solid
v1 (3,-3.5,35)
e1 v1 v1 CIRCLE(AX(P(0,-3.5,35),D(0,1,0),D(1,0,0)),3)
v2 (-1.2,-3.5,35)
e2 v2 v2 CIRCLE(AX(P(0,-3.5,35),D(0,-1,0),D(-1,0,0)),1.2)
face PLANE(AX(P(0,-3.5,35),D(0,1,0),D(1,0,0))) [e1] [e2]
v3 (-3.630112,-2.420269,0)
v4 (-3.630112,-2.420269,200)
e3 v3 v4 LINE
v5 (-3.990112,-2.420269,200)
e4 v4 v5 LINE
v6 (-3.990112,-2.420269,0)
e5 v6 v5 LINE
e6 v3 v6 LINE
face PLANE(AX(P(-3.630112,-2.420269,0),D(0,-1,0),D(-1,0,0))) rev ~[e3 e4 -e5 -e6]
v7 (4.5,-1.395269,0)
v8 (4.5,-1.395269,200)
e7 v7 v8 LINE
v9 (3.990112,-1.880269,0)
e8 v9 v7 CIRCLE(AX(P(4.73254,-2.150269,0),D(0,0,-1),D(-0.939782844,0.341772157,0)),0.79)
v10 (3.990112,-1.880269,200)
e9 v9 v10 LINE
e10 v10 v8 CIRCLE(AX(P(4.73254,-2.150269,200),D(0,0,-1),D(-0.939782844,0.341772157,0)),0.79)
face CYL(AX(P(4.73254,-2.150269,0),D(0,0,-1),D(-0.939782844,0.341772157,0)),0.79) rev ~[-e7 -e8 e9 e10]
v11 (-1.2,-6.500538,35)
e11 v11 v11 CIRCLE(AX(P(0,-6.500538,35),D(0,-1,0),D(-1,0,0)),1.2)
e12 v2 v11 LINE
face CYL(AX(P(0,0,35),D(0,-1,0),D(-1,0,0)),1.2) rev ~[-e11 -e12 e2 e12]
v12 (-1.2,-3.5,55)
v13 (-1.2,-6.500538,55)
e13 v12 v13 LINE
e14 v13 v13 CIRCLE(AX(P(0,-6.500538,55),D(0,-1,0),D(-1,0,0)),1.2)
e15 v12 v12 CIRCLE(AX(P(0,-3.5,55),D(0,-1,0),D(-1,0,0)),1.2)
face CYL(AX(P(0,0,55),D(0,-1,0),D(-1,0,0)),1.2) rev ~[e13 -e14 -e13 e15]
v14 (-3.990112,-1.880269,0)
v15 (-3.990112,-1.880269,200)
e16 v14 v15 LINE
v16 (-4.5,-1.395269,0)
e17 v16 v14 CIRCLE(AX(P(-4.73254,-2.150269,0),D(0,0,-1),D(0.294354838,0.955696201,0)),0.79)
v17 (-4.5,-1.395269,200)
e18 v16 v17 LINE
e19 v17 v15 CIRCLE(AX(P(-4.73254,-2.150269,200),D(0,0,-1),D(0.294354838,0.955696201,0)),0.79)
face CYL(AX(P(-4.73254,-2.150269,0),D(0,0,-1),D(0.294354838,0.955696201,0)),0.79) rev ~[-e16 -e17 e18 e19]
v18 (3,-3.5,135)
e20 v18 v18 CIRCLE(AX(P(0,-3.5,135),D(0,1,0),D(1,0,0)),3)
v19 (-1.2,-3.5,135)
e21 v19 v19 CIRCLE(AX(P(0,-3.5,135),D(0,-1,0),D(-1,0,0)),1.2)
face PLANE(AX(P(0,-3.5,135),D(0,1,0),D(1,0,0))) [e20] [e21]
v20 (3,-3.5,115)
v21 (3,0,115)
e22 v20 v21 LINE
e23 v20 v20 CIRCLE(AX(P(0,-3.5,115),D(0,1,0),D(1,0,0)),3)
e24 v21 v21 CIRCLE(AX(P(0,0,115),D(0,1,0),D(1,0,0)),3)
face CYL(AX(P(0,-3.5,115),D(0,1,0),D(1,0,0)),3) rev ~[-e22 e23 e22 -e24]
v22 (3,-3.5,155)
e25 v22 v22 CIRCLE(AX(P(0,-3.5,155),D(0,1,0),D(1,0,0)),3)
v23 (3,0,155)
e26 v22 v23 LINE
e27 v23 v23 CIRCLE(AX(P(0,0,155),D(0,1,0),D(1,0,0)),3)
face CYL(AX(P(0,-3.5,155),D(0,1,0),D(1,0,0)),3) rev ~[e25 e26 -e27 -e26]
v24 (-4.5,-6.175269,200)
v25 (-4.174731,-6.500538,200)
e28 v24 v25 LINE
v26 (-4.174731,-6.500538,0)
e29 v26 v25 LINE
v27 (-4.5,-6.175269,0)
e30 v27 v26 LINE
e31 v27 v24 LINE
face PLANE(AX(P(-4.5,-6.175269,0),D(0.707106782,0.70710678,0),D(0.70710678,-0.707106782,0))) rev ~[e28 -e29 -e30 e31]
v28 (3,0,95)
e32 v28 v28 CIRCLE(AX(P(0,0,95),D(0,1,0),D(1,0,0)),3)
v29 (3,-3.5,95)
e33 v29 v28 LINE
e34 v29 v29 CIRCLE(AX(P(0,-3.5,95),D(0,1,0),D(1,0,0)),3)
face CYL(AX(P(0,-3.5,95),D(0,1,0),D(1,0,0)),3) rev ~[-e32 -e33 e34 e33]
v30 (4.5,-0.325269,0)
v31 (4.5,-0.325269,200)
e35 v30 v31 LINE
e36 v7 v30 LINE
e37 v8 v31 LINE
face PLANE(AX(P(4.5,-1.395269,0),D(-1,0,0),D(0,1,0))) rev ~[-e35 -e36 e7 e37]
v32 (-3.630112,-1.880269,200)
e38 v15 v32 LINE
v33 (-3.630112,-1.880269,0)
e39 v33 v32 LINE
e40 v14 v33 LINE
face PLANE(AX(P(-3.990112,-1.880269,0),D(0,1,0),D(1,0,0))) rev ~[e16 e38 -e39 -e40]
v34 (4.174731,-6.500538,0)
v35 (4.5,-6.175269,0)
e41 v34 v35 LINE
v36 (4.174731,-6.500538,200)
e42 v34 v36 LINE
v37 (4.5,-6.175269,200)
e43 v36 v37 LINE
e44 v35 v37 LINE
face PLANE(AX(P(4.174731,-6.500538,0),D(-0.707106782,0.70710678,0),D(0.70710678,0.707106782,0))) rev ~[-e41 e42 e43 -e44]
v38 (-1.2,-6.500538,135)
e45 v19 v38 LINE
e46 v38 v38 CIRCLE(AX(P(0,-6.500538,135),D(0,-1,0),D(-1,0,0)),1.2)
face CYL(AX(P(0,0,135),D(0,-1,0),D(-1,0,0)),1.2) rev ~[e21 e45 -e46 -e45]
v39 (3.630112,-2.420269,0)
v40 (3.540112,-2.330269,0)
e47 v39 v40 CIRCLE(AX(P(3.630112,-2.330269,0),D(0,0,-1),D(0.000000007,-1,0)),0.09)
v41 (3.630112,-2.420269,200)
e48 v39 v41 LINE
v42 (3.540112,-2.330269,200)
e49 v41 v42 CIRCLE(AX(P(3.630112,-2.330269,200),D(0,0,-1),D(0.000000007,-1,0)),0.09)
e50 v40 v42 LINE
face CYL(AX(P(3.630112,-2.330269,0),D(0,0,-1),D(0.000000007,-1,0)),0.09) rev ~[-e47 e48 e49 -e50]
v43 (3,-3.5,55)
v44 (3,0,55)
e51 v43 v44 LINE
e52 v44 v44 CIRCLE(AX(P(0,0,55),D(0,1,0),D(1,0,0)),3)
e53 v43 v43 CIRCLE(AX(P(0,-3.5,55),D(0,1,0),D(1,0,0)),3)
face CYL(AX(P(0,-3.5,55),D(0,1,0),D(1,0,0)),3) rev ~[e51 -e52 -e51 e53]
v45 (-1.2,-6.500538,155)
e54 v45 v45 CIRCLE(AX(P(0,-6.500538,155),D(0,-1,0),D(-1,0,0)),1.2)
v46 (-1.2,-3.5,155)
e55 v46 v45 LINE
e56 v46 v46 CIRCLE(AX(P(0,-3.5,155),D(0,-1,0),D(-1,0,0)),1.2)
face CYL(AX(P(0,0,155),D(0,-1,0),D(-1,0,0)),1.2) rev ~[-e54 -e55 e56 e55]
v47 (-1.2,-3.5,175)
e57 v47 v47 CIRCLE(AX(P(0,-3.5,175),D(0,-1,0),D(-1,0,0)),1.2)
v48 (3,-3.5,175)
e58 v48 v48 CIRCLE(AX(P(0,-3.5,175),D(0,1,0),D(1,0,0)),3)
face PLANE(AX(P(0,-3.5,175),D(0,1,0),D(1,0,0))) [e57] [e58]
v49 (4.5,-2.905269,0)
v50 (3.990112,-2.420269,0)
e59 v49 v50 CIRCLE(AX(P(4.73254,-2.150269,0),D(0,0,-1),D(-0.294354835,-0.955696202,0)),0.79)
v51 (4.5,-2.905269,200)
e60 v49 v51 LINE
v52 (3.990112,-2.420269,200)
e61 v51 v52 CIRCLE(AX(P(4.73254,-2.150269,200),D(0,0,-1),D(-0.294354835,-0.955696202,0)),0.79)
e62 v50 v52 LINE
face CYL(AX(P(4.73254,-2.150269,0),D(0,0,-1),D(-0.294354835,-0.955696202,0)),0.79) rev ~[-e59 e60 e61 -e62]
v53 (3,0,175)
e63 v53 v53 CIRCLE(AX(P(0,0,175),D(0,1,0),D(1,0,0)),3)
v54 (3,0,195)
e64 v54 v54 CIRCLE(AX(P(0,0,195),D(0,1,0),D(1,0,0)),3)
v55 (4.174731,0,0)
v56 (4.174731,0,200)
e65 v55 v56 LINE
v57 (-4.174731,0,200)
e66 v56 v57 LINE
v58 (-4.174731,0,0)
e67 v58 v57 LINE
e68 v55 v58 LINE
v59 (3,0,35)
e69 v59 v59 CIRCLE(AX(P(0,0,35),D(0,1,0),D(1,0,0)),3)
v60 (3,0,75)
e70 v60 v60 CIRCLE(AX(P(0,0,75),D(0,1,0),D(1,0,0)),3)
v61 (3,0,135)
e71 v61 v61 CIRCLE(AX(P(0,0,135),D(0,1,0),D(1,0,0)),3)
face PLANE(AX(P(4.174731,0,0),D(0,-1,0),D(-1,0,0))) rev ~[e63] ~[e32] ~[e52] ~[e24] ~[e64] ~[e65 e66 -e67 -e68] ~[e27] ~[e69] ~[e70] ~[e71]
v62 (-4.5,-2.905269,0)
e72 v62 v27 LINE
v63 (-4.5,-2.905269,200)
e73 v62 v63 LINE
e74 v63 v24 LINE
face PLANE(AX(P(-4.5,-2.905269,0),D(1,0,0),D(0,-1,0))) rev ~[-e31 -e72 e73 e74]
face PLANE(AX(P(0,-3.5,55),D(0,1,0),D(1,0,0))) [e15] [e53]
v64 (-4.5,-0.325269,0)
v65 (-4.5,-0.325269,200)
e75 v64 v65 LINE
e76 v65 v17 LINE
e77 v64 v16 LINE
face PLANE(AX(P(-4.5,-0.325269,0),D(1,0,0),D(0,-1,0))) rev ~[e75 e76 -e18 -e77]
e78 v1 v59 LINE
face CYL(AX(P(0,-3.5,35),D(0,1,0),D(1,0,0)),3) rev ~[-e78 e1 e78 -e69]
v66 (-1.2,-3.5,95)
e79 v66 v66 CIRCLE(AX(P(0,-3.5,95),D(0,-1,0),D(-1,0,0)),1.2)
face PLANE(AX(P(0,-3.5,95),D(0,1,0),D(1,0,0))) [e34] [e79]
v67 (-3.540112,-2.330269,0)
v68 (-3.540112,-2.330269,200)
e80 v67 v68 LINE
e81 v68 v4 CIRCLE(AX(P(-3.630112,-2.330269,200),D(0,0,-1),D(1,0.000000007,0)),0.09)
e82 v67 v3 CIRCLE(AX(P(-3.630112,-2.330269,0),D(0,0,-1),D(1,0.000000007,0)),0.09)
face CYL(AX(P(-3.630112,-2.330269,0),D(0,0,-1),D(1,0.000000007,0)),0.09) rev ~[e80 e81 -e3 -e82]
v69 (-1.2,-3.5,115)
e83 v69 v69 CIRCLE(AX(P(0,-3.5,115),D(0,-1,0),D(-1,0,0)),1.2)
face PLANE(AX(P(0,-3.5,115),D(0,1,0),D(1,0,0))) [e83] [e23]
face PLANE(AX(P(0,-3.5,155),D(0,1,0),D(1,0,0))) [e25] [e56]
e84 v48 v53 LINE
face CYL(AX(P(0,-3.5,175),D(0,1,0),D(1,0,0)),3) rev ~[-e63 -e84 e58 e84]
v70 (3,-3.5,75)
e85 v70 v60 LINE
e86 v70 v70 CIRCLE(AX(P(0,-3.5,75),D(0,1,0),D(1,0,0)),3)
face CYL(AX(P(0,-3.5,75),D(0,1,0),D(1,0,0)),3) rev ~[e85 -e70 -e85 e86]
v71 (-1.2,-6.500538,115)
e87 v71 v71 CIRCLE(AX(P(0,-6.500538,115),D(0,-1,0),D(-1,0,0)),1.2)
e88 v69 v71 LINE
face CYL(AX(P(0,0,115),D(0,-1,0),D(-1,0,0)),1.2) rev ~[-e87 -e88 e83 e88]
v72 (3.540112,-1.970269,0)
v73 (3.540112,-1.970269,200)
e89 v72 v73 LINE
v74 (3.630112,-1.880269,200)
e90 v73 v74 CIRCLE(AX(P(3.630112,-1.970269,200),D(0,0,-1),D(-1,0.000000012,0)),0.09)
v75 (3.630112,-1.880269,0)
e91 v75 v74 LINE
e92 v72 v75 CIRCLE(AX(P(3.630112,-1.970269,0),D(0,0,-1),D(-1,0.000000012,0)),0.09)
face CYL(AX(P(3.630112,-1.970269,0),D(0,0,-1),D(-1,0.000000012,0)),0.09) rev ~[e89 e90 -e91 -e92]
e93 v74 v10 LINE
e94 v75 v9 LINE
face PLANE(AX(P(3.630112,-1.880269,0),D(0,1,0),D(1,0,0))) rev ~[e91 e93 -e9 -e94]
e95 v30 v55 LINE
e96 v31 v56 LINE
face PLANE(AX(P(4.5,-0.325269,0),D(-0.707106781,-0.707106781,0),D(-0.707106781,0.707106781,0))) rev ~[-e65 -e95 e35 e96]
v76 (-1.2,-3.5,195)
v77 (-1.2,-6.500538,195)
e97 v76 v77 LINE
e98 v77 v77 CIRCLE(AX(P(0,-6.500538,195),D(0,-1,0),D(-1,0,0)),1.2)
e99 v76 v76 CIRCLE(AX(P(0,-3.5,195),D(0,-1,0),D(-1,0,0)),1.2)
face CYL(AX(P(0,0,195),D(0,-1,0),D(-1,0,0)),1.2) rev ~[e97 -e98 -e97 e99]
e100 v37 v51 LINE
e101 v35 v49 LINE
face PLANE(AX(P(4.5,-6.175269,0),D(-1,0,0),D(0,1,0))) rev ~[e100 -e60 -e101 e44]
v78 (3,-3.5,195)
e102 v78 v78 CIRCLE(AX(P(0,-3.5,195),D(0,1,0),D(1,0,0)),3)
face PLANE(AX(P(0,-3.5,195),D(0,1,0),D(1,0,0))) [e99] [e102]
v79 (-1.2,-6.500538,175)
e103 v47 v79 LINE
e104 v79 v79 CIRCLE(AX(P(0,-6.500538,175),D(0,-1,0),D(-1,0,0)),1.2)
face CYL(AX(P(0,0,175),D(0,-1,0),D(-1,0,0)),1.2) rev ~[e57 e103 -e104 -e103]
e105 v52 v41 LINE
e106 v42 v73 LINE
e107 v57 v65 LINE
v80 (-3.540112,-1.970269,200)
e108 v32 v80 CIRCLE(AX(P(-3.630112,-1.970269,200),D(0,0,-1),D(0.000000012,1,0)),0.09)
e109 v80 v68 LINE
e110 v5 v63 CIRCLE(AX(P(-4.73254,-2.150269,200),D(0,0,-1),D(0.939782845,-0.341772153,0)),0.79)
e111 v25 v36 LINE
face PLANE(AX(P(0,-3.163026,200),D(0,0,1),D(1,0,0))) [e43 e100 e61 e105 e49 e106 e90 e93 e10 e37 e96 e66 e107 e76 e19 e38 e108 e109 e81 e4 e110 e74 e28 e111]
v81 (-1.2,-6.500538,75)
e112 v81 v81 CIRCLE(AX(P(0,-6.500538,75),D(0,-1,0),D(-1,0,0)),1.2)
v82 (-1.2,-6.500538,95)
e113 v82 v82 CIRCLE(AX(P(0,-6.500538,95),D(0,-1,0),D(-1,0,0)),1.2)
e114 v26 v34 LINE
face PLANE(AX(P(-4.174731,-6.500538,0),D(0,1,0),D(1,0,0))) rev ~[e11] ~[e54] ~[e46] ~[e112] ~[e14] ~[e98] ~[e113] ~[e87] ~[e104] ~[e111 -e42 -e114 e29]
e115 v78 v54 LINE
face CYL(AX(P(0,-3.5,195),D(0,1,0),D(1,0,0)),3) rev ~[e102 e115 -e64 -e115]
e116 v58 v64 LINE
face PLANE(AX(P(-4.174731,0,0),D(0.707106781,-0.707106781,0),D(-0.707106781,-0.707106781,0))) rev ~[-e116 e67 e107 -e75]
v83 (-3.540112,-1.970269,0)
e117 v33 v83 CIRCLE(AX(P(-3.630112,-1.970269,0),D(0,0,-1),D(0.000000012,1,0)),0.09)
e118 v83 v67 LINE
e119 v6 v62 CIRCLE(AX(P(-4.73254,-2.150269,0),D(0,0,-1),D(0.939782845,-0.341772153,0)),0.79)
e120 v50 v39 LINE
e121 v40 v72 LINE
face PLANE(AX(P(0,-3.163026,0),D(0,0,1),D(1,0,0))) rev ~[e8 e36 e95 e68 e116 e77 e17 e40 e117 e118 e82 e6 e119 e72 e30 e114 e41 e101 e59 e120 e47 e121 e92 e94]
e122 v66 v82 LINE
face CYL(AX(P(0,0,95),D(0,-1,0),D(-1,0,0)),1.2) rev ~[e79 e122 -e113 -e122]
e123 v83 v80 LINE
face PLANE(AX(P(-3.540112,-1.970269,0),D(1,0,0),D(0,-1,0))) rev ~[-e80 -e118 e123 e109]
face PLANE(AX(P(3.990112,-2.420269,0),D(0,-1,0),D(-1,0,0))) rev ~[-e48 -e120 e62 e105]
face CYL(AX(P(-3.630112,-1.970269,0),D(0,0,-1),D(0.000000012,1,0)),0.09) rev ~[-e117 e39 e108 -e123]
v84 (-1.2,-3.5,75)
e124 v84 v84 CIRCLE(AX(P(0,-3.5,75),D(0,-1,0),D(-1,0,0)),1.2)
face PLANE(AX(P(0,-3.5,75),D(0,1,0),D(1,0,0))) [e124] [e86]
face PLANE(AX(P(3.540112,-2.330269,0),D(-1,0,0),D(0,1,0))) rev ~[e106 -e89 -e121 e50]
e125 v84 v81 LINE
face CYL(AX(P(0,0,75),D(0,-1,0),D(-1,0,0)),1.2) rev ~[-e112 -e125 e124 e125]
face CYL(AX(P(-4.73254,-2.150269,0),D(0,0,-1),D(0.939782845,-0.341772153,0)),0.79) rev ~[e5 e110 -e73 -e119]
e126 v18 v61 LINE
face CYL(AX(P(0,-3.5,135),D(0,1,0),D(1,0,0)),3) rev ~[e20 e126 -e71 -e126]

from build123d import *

# Parameters (mm, degrees)
EXTRUDE_1_DEPTH              = 200
HOLE_WIZARD_M2_1_D           = 2.4
HOLE_WIZARD_M2_1_CBORE_D     = 6
HOLE_WIZARD_M2_1_CBORE_DEPTH = 3.5
PATTERN_LINEAR_1_COUNT       = 9
PATTERN_LINEAR_1_PITCH       = 20


with BuildPart() as part:
    # 草图1 → 凸台-拉伸1 (new body)
    with BuildSketch(Plane.XY):
        with BuildLine():
            Line((-4.5, -2.905269119), (-4.5, -6.175269119))
            Line((-4.5, -6.175269119), (-4.174730881, -6.500538239))
            Line((-4.174730881, -6.500538239), (0, -6.500538239))
            Line((0, -6.500538239), (4.174730881, -6.500538239))
            Line((4.174730881, -6.500538239), (4.5, -6.175269119))
            Line((4.5, -6.175269119), (4.5, -2.905269119))
            ThreePointArc((4.5, -2.905269119), (4.188070601, -2.722678698), (3.990111871, -2.420269119))
            Line((3.990111871, -2.420269119), (3.630111871, -2.420269119))
            ThreePointArc((3.630111871, -2.420269119), (3.566472261, -2.39390873), (3.540111871, -2.330269119))
            Line((3.540111871, -2.330269119), (3.540111871, -1.970269119))
            ThreePointArc((3.540111871, -1.970269119), (3.566472261, -1.906629509), (3.630111871, -1.880269119))
            Line((3.630111871, -1.880269119), (3.990111871, -1.880269119))
            ThreePointArc((3.990111871, -1.880269119), (4.188070601, -1.577859541), (4.5, -1.395269119))
            Line((4.5, -1.395269119), (4.5, -0.325269119))
            Line((4.5, -0.325269119), (4.174730881, 0))
            Line((4.174730881, 0), (0, 0))
            Line((0, 0), (-4.174730881, 0))
            Line((-4.174730881, 0), (-4.5, -0.325269119))
            Line((-4.5, -0.325269119), (-4.5, -1.395269119))
            ThreePointArc((-4.5, -1.395269119), (-4.188070601, -1.577859541), (-3.990111871, -1.880269119))
            Line((-3.990111871, -1.880269119), (-3.630111871, -1.880269119))
            ThreePointArc((-3.630111871, -1.880269119), (-3.566472261, -1.906629509), (-3.540111871, -1.970269119))
            Line((-3.540111871, -1.970269119), (-3.540111871, -2.330269119))
            ThreePointArc((-3.540111871, -2.330269119), (-3.566472261, -2.39390873), (-3.630111871, -2.420269119))
            Line((-3.630111871, -2.420269119), (-3.990111871, -2.420269119))
            ThreePointArc((-3.990111871, -2.420269119), (-4.188070601, -2.722678698), (-4.5, -2.905269119))
        make_face()
    extrude(amount=EXTRUDE_1_DEPTH)

    # M2 六角头螺栓的柱形沉头孔1 (through all)
    with Locations(Plane(origin=(0, 0, 0), x_dir=(1, 0, 0), z_dir=(0, 1, 0))):
        with Locations((0, -195)):
            hole_wizard_m2_1 = CounterBoreHole(HOLE_WIZARD_M2_1_D / 2, HOLE_WIZARD_M2_1_CBORE_D / 2, HOLE_WIZARD_M2_1_CBORE_DEPTH)

    # 阵列(线性)1: M2 六角头螺栓的柱形沉头孔1 ×9
    with Locations(*[(0, 0, -i * PATTERN_LINEAR_1_PITCH) for i in range(1, PATTERN_LINEAR_1_COUNT)]):
        add(hole_wizard_m2_1, mode=Mode.SUBTRACT)


solid = part.part
